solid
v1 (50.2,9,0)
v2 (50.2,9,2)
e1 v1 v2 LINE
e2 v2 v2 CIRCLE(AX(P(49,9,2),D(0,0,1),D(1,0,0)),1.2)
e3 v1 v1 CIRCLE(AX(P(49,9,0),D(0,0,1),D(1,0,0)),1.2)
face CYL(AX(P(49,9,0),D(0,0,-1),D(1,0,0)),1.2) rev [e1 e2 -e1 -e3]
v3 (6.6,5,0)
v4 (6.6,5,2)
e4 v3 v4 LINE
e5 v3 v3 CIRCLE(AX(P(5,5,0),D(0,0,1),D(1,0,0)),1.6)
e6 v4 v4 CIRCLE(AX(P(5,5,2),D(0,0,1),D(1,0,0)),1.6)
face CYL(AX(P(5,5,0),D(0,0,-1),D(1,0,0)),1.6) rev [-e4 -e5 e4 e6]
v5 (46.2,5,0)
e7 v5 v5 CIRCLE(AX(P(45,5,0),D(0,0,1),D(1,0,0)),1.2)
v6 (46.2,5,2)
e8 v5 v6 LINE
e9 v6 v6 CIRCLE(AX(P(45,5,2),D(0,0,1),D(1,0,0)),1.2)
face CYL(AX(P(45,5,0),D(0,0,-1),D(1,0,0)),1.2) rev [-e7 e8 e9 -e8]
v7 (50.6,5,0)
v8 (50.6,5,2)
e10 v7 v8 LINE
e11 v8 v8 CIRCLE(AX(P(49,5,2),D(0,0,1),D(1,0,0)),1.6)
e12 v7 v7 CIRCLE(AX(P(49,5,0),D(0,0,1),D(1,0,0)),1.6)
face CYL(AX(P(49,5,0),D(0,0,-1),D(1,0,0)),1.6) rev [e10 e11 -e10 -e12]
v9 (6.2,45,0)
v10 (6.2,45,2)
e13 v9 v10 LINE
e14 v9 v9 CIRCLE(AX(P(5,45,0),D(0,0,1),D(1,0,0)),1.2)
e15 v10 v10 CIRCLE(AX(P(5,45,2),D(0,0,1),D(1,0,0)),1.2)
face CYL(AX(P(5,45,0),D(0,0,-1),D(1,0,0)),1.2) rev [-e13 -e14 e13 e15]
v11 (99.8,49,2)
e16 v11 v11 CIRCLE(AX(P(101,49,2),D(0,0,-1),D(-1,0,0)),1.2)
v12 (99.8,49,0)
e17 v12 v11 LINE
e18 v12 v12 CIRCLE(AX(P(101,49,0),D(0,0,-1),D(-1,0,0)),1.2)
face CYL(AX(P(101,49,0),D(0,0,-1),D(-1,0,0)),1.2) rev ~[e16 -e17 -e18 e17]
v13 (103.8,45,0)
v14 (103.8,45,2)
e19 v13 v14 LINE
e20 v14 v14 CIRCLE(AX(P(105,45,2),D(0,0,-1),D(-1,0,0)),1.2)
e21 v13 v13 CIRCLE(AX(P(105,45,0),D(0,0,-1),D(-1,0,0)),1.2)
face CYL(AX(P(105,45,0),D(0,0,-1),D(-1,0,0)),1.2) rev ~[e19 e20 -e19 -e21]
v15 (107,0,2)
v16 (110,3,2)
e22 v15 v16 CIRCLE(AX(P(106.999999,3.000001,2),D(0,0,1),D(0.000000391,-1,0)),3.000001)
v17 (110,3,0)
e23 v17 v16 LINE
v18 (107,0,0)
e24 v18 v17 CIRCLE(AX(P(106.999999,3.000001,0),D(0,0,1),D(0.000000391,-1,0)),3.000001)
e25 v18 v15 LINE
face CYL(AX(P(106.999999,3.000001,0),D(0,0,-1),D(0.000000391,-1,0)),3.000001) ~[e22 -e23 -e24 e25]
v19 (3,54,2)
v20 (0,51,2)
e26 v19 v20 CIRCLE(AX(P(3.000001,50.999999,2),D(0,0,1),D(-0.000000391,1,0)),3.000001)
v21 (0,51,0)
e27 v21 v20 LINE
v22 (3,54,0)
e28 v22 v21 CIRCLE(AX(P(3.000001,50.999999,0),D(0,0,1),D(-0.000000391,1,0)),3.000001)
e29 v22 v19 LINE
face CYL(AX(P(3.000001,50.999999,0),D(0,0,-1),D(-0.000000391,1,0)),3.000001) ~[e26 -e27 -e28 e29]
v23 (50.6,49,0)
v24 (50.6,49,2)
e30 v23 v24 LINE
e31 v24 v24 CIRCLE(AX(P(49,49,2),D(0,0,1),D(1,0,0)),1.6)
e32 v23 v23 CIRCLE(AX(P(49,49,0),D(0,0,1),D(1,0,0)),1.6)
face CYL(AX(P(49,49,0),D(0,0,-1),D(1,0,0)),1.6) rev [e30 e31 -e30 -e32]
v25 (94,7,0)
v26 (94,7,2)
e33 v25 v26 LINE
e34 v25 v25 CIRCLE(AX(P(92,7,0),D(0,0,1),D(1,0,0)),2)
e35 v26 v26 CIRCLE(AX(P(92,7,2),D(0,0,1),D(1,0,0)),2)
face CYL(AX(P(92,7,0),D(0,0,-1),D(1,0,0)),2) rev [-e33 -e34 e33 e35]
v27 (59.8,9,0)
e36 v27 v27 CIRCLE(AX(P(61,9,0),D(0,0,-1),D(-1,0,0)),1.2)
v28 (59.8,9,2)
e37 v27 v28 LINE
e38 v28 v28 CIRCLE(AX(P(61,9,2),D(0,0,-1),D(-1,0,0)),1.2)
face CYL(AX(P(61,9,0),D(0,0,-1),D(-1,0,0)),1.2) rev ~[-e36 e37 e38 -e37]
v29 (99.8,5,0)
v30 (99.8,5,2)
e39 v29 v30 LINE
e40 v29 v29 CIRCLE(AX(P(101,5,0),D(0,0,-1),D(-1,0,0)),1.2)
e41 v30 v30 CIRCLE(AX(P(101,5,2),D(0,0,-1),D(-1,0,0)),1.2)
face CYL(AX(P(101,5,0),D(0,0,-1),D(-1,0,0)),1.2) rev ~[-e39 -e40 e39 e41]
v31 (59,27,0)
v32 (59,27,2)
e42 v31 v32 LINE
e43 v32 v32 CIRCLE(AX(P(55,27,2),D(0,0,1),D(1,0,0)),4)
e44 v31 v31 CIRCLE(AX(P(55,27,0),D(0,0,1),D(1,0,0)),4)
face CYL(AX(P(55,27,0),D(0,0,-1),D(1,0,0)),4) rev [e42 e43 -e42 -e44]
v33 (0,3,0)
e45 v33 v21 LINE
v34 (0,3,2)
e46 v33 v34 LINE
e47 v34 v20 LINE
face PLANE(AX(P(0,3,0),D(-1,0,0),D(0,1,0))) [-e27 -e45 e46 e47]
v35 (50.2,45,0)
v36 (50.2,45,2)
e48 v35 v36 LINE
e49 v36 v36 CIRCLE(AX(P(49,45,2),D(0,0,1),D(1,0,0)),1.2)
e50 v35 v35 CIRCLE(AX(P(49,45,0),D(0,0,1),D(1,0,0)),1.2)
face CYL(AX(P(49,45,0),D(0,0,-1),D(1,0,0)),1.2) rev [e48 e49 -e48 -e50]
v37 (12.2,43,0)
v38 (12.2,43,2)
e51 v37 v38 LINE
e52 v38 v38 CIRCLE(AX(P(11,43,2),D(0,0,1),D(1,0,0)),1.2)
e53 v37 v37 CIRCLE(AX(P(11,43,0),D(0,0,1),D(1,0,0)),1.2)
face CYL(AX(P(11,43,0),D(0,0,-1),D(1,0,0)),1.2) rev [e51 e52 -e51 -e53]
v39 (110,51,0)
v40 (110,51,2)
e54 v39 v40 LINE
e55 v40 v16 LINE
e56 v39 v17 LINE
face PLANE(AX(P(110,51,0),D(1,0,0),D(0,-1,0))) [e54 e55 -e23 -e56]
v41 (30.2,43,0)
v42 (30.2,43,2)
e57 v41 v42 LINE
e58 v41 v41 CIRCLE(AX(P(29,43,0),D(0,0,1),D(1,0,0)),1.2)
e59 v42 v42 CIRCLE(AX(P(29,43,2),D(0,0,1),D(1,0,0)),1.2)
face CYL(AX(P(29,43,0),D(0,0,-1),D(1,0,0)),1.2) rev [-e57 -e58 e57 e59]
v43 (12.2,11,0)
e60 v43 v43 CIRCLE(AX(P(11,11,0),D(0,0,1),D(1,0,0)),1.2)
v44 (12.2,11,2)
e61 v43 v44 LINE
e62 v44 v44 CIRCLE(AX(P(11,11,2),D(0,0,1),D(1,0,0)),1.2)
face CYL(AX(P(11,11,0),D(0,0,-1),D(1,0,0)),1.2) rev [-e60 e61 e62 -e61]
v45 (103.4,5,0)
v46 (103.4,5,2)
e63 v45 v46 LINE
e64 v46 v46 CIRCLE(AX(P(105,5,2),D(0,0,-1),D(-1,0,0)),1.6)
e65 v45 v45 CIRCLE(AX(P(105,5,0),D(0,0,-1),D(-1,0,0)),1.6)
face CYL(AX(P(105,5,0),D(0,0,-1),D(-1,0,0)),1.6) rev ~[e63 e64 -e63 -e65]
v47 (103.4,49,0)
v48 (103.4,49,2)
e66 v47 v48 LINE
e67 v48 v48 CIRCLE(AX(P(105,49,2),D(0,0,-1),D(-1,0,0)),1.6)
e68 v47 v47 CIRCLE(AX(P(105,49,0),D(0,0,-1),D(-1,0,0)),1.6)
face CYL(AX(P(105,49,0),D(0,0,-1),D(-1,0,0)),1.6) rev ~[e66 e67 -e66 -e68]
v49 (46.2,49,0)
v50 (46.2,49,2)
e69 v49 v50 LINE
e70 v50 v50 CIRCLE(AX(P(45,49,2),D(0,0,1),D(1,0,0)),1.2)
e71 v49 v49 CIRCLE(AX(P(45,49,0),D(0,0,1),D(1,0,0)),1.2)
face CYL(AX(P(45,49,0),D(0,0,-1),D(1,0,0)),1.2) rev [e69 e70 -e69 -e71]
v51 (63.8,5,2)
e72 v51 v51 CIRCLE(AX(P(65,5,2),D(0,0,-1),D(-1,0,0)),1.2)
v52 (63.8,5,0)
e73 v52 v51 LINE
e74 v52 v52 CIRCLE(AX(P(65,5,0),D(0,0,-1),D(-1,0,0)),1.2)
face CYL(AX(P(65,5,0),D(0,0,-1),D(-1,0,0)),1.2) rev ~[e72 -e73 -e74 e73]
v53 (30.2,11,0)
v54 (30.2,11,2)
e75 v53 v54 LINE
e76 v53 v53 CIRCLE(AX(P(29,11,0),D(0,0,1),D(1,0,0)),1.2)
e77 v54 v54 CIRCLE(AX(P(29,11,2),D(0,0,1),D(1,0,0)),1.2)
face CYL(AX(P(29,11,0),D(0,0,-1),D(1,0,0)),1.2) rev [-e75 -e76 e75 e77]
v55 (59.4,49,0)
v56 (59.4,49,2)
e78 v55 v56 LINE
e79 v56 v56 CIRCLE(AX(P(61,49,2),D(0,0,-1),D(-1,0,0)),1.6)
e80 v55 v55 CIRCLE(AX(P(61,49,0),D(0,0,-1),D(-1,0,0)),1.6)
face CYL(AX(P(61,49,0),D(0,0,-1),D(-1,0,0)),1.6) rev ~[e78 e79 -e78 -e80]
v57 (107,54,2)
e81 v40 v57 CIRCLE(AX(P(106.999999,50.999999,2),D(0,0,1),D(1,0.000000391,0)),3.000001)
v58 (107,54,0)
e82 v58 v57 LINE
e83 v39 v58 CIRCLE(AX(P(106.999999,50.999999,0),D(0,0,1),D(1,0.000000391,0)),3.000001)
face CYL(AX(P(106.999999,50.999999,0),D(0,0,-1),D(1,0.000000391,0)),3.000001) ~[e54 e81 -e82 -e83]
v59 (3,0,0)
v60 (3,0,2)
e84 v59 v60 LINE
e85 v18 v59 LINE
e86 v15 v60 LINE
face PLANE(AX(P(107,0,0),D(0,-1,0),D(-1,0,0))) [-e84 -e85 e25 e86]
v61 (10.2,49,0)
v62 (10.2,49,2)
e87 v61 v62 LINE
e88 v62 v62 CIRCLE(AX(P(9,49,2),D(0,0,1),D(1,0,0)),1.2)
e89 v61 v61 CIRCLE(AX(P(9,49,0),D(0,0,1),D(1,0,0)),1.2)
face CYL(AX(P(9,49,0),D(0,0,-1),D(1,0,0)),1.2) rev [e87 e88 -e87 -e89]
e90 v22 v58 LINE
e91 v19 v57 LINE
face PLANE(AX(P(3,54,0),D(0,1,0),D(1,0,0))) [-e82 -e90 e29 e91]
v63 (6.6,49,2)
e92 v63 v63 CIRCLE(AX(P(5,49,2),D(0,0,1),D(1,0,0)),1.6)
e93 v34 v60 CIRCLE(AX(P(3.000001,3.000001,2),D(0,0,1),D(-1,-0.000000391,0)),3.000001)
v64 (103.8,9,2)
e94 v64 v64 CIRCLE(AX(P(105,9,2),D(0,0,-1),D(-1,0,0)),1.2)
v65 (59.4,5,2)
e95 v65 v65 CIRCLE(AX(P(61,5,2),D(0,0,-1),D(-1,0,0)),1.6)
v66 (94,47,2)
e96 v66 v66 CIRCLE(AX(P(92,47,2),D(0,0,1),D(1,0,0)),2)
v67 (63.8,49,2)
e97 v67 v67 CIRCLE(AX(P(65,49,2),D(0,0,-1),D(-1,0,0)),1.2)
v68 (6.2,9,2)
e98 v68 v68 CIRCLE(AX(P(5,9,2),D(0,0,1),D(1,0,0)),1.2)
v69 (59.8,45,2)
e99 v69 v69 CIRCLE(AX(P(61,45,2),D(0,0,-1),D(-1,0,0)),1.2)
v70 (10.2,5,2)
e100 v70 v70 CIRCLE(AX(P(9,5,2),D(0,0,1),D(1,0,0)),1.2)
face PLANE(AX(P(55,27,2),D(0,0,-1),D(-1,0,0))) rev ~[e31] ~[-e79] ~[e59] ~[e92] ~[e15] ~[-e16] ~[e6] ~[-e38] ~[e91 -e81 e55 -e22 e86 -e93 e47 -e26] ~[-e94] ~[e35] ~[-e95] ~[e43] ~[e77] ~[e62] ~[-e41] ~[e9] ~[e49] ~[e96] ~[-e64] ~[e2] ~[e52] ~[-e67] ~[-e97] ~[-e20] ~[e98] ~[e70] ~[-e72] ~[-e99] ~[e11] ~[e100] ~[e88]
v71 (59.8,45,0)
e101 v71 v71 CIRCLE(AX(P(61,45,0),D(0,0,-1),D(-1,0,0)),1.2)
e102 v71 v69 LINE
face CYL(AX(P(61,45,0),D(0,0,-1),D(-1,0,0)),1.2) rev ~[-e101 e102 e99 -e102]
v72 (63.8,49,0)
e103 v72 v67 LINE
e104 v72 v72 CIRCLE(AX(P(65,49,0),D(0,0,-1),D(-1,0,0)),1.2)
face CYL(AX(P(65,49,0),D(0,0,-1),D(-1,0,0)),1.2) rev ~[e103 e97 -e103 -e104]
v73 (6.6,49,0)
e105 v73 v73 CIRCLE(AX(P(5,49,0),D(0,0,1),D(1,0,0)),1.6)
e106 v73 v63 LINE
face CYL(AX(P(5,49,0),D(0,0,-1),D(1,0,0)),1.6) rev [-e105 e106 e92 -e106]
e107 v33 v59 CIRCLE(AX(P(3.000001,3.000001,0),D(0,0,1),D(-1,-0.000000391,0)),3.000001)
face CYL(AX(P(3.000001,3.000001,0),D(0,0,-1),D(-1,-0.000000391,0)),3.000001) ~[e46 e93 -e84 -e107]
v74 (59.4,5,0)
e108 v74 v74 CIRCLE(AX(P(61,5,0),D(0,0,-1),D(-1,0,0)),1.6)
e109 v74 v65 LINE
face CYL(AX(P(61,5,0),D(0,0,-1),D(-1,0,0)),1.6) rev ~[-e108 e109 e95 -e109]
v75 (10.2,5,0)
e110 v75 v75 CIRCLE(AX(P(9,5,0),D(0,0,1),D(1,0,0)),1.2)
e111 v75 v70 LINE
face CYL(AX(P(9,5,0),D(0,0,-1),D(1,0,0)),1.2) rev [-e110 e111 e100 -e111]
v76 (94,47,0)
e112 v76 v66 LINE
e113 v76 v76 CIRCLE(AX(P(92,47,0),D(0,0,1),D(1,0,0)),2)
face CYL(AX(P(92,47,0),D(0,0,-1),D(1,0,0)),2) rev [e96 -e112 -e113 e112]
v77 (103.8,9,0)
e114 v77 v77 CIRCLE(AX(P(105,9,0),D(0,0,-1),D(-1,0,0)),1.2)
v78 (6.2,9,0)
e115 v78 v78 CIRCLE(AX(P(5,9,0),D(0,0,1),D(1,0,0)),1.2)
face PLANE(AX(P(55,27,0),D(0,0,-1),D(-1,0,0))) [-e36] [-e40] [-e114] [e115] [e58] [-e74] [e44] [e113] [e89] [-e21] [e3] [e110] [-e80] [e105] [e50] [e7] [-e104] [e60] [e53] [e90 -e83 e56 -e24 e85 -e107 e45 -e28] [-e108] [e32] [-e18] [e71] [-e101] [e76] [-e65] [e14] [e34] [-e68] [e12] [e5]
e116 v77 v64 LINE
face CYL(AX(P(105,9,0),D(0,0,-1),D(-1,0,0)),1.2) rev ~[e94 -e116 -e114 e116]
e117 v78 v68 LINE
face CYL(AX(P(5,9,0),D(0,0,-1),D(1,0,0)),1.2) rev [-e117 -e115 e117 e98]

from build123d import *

# Parameters (mm, degrees)
SKETCH007_R      = 4
EXTRUDE008_DEPTH = 2
SKETCH006_R      = 1.2
EXTRUDE006_DEPTH = 2
SKETCH003_R      = 2
EXTRUDE003_DEPTH = 2
SKETCH002_R      = 1.6
SKETCH002_R_2    = 1.2
EXTRUDE002_DEPTH = 2
EXTRUDE_DEPTH    = 2


with BuildPart() as extrude008:
    # Sketch007 → Extrude008 (new body)
    with BuildSketch(Plane.XY):
        with Locations((55, 27)):
            Circle(SKETCH007_R)
    extrude(amount=EXTRUDE008_DEPTH)


with BuildPart() as extrude006:
    # Sketch006 → Extrude006 (new body)
    with BuildSketch(Plane.XY):
        with Locations((11, 11)):
            Circle(SKETCH006_R)
        with Locations((29, 11)):
            Circle(SKETCH006_R)
        with Locations((11, 43)):
            Circle(SKETCH006_R)
        with Locations((29, 43)):
            Circle(SKETCH006_R)
    extrude(amount=EXTRUDE006_DEPTH)


with BuildPart() as extrude003:
    # Sketch003 → Extrude003 (new body)
    with BuildSketch(Plane.XY):
        with Locations((92, 7)):
            Circle(SKETCH003_R)
        with Locations((92, 47)):
            Circle(SKETCH003_R)
    extrude(amount=EXTRUDE003_DEPTH)


with BuildPart() as extrude002:
    # Sketch002 → Extrude002 (new body)
    with BuildSketch(Plane.XY):
        with Locations((5, 5)):
            Circle(SKETCH002_R)
        with Locations((49, 5)):
            Circle(SKETCH002_R)
        with Locations((5, 49)):
            Circle(SKETCH002_R)
        with Locations((49, 49)):
            Circle(SKETCH002_R)
        with Locations((45, 49)):
            Circle(SKETCH002_R_2)
        with Locations((9, 49)):
            Circle(SKETCH002_R_2)
        with Locations((45, 5)):
            Circle(SKETCH002_R_2)
        with Locations((9, 5)):
            Circle(SKETCH002_R_2)
        with Locations((49, 45)):
            Circle(SKETCH002_R_2)
        with Locations((5, 45)):
            Circle(SKETCH002_R_2)
        with Locations((5, 9)):
            Circle(SKETCH002_R_2)
        with Locations((49, 9)):
            Circle(SKETCH002_R_2)
    extrude(amount=EXTRUDE002_DEPTH)


with BuildPart() as part_mirroring001:
    # Part__Mirroring001: instance of Extrude002
    add(extrude002.part.mirror(Plane(origin=(55, 0, 0), x_dir=(0, -1, 0), z_dir=(1, 0, 0))))


with BuildPart() as fusion001:
    # Fusion001 base: copy of Extrude002
    add(extrude002.part)

    # Fusion001: union Part__Mirroring001
    add(part_mirroring001.part)


with BuildPart() as cut004:
    # Sketch → Extrude (new body)
    with BuildSketch(Plane.XY):
        with BuildLine():
            Line((3, 54), (107, 54))
            ThreePointArc((110, 51), (109.12132, 53.12132), (107, 54))
            Line((110, 51), (110, 3))
            ThreePointArc((107, 0), (109.12132, 0.87868), (110, 3))
            Line((107, 0), (3, 0))
            ThreePointArc((0, 3), (0.87868, 0.87868), (3, 0))
            Line((0, 3), (0, 51))
            ThreePointArc((3, 54), (0.87868, 53.12132), (0, 51))
        make_face()
    extrude(amount=EXTRUDE_DEPTH)

    # Cut001: cut Fusion001
    add(fusion001.part, mode=Mode.SUBTRACT)

    # Cut002: cut Extrude003
    add(extrude003.part, mode=Mode.SUBTRACT)

    # Cut003: cut Extrude006
    add(extrude006.part, mode=Mode.SUBTRACT)

    # Cut004: cut Extrude008
    add(extrude008.part, mode=Mode.SUBTRACT)


solid = cut004.part
